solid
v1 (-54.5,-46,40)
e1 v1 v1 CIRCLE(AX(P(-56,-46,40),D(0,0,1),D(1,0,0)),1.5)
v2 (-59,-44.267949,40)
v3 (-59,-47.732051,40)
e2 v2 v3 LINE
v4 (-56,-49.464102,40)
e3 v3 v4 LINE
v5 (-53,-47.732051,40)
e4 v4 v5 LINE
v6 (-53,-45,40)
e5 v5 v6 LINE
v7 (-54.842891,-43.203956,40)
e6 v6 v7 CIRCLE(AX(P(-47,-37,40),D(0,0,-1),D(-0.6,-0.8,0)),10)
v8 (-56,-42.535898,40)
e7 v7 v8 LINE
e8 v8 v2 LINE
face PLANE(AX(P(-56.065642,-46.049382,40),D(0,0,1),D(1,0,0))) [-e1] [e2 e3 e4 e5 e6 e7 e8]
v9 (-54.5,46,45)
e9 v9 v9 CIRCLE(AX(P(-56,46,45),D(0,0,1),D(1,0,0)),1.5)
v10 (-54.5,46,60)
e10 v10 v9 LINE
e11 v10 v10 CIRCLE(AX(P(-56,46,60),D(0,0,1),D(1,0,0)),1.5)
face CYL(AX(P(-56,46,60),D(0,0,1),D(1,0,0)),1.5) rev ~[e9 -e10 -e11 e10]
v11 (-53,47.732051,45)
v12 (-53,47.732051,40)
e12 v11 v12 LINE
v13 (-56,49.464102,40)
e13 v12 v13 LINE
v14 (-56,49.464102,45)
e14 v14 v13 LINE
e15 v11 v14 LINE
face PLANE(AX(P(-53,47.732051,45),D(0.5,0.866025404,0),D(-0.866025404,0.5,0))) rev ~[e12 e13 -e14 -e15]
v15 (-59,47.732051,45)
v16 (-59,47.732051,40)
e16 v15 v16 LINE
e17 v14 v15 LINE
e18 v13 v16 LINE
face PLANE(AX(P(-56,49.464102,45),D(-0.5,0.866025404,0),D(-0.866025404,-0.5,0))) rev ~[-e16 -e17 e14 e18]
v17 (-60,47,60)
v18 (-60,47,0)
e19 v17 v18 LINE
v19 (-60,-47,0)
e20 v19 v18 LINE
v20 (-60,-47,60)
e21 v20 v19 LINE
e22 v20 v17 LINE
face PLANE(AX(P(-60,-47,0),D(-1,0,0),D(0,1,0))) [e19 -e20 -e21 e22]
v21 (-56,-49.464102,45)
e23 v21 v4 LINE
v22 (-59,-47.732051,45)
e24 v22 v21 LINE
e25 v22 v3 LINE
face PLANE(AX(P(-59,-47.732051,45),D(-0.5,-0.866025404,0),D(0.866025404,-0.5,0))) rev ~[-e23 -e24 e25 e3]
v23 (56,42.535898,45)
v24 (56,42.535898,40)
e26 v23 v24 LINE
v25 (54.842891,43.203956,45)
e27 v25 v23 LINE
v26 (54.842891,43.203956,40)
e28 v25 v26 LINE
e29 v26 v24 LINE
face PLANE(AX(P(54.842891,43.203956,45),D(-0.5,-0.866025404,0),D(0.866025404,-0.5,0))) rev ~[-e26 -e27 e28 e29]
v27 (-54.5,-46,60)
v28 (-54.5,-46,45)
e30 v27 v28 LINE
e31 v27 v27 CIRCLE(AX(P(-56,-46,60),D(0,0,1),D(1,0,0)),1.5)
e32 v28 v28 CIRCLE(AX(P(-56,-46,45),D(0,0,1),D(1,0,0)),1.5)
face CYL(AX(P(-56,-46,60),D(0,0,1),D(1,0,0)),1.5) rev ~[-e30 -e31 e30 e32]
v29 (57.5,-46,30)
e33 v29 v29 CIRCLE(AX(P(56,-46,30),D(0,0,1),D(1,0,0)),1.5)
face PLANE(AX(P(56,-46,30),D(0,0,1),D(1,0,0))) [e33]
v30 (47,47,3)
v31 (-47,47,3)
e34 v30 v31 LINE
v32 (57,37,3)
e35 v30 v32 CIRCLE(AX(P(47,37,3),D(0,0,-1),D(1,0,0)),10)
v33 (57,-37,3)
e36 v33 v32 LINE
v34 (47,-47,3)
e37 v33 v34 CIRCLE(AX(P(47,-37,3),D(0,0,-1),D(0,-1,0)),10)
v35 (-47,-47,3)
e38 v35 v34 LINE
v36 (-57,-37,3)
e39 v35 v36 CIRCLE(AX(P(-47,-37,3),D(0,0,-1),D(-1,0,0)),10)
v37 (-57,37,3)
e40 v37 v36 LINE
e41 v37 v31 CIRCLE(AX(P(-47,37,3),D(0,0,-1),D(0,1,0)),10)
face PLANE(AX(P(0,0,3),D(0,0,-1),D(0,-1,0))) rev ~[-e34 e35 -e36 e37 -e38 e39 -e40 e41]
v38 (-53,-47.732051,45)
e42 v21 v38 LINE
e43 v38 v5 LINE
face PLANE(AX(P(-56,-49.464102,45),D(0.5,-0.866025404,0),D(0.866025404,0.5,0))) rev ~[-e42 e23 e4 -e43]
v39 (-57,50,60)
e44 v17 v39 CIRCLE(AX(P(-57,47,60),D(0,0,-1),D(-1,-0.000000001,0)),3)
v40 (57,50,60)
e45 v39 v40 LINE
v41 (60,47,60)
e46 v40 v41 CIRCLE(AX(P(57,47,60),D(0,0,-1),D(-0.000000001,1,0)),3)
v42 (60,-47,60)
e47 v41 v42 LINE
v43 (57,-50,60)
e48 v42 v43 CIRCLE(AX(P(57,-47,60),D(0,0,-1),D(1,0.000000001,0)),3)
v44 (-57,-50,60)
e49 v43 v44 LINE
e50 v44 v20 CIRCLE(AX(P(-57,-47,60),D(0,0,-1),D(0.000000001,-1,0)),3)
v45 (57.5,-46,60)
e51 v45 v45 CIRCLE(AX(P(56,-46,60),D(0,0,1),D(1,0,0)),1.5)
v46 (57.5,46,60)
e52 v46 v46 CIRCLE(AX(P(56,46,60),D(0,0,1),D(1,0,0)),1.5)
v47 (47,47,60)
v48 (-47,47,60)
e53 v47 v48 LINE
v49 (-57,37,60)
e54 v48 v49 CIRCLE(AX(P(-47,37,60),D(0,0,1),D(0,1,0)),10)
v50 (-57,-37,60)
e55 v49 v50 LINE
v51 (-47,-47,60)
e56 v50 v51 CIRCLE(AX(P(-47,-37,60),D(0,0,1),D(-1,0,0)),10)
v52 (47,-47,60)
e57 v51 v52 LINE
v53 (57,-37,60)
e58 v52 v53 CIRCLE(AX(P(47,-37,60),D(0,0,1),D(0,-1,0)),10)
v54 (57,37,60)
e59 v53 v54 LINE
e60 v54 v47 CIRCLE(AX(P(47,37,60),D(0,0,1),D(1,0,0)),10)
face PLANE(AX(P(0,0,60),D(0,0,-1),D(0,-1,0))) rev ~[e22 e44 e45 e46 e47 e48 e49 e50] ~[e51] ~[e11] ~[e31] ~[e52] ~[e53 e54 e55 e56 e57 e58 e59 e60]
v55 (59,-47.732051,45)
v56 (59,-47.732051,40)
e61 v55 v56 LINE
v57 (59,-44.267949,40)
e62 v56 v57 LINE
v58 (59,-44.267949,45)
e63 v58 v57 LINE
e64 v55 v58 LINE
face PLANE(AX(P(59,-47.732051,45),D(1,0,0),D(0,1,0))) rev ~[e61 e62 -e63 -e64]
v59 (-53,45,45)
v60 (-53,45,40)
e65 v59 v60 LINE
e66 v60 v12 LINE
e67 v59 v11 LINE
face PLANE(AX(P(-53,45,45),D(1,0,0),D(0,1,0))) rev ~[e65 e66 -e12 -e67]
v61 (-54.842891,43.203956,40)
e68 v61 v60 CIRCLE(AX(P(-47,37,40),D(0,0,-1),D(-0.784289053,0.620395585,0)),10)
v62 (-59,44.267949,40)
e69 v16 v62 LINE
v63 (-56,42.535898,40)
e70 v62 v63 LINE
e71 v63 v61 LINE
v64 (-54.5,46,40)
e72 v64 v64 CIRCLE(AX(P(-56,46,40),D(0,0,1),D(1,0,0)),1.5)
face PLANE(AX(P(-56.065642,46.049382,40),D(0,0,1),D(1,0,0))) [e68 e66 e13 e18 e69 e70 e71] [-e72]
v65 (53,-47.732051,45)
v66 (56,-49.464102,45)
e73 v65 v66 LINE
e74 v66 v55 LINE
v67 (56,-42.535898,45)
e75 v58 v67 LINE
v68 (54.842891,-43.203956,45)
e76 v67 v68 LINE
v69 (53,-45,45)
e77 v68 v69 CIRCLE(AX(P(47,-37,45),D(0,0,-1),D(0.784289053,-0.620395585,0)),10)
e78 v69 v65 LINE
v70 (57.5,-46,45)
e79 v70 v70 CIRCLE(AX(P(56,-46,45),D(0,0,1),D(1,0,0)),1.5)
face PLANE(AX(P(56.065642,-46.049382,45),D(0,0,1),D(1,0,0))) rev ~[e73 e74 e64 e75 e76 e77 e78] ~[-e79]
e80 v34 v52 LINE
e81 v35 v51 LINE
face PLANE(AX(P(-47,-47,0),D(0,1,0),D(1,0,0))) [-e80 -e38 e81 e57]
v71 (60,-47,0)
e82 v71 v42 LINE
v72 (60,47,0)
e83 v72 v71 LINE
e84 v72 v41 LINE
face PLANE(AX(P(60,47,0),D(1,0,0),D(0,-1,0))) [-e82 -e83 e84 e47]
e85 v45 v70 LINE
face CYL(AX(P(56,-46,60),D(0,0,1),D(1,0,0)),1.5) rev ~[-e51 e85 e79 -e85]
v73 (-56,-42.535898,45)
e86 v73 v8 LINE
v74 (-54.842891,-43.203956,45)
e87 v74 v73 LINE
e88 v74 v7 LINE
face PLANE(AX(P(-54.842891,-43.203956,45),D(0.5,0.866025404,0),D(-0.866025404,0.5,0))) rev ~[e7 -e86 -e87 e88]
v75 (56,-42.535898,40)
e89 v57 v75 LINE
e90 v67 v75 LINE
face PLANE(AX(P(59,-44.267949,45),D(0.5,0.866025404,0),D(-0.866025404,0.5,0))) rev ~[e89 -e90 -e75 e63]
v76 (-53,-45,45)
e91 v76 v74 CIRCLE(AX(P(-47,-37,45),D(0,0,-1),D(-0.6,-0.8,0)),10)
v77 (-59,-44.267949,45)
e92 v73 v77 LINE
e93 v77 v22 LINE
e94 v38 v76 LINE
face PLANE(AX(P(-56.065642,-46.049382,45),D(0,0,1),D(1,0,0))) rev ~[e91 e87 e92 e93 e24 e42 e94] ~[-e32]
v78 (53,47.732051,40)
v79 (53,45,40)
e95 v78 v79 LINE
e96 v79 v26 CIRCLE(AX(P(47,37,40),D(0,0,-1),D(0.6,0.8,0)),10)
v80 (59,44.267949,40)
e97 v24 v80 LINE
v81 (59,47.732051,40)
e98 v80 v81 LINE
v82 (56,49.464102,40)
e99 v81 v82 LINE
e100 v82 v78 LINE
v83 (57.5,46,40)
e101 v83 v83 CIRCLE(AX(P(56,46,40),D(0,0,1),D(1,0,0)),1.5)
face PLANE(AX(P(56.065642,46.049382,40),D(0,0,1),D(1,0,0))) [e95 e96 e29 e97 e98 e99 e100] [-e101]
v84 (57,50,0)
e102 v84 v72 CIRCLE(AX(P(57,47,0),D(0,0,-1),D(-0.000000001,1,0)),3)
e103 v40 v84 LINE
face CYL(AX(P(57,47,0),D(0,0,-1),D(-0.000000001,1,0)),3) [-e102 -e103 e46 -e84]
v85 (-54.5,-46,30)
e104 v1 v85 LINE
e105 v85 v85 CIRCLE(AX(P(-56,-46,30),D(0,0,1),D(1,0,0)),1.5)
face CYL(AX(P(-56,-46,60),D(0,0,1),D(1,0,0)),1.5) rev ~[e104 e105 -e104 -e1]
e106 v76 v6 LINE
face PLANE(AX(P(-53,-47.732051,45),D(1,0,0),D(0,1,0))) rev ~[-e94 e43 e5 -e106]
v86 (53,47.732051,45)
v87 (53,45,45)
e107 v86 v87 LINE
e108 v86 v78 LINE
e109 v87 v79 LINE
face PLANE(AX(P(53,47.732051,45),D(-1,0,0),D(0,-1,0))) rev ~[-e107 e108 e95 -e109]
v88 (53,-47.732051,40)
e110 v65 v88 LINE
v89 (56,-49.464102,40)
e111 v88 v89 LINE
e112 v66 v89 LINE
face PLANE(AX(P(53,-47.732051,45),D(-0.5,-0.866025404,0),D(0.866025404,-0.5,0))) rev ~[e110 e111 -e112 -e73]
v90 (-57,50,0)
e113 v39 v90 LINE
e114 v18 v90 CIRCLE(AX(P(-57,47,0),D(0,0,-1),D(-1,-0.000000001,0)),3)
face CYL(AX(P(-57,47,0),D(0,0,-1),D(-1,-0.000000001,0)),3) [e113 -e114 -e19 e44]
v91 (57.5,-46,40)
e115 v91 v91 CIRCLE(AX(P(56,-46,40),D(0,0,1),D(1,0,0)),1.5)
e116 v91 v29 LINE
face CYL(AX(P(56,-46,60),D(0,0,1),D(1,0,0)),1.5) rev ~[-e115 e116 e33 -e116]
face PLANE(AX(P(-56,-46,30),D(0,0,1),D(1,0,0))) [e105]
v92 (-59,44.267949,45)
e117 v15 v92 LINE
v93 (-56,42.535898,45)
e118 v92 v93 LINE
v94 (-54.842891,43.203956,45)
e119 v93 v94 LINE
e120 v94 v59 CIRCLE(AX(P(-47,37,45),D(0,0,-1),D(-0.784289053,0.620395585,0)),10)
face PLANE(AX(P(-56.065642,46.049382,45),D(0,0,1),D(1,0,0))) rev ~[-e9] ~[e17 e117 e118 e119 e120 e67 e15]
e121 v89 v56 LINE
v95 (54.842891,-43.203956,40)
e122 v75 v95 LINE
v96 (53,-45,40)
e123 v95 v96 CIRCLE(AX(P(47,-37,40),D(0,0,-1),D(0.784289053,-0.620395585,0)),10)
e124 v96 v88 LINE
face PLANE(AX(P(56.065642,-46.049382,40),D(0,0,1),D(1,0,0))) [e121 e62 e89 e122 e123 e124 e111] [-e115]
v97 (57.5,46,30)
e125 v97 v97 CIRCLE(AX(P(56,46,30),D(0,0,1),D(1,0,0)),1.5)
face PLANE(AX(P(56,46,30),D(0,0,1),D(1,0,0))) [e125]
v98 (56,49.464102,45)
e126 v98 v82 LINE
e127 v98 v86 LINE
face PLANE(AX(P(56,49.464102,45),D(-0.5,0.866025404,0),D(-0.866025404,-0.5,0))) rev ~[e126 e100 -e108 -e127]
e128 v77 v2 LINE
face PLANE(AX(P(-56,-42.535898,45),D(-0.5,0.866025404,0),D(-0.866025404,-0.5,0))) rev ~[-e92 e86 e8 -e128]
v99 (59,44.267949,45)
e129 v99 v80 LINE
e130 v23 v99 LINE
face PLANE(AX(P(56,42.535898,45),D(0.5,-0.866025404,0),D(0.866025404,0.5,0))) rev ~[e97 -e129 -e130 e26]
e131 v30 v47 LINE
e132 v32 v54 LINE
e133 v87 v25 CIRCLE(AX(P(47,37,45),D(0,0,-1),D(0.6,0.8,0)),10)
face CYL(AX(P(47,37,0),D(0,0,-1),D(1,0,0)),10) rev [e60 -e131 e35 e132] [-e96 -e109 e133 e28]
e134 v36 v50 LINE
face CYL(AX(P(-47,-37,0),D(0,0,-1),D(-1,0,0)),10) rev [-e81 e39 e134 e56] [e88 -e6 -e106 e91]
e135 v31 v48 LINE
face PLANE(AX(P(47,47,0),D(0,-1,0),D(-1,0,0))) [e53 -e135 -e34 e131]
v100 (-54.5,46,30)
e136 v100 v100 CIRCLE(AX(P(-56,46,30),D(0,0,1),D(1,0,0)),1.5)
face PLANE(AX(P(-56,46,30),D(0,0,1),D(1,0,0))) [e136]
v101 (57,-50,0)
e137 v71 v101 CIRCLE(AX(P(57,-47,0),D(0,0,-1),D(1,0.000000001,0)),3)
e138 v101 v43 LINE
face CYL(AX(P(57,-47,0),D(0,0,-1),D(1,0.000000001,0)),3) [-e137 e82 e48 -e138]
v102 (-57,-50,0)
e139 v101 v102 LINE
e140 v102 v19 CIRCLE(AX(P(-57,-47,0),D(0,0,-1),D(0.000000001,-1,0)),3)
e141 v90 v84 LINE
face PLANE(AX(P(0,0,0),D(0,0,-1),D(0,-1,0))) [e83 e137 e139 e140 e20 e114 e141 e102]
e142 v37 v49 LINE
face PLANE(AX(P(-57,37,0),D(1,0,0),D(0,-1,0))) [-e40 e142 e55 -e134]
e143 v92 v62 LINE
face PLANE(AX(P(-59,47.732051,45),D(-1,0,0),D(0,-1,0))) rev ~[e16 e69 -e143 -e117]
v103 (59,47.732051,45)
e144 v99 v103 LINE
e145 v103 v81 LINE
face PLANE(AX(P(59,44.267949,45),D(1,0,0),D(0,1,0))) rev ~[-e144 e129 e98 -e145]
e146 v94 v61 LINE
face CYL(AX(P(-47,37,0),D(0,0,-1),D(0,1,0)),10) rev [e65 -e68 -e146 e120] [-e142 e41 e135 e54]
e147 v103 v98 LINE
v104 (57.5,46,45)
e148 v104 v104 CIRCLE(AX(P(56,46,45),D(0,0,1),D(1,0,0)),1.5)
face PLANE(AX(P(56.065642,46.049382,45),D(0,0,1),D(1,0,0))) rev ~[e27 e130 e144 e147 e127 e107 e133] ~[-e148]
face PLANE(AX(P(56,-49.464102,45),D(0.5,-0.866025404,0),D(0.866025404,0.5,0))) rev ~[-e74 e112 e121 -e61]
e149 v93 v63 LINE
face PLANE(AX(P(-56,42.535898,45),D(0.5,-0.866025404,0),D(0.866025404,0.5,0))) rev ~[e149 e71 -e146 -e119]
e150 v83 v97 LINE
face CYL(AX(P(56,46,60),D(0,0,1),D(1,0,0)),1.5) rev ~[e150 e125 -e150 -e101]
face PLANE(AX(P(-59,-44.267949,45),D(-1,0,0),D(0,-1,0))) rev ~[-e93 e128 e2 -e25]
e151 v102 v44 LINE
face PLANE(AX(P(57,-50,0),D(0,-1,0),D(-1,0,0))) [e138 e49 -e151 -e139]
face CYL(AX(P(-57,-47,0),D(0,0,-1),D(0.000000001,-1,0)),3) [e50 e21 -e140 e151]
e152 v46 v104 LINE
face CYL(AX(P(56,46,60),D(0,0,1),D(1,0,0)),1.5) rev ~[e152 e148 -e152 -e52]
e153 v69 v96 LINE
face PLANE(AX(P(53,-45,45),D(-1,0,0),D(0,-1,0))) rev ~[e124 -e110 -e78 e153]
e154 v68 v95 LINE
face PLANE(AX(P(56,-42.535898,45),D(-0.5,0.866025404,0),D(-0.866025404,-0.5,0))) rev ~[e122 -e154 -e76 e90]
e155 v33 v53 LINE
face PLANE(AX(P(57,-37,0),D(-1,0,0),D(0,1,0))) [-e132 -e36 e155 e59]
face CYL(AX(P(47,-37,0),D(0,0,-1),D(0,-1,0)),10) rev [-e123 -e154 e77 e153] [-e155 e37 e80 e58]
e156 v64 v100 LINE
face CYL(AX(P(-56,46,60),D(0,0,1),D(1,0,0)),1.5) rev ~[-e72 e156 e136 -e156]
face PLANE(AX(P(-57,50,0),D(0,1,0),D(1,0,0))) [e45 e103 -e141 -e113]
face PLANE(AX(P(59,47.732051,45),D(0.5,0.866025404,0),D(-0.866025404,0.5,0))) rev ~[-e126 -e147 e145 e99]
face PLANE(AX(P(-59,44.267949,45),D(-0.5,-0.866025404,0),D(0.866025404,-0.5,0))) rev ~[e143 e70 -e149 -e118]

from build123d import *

# Parameters (mm, degrees)
BOSS_EXTRUDE1_DEPTH = 3
BOSS_EXTRUDE2_DEPTH = 60
SKETCH3_R           = 1.5
CUT_EXTRUDE1_DEPTH  = 30
CUT_EXTRUDE2_START  = -15
SKETCH3_3_R         = 1.5
CUT_EXTRUDE2_DEPTH  = 5


with BuildPart() as part:
    # Sketch1 → Boss-Extrude1 (new body)
    with BuildSketch(Plane(origin=(0, 0, 0), x_dir=(0, 1, 0), z_dir=(0, 0, 1))):
        with BuildLine():
            ThreePointArc((-50, -57), (-49.121320344, -59.121320344), (-47, -60))
            Line((-47, -60), (47, -60))
            ThreePointArc((47, -60), (49.121320344, -59.121320344), (50, -57))
            Line((50, -57), (50, 57))
            ThreePointArc((50, 57), (49.121320344, 59.121320344), (47, 60))
            Line((47, 60), (-47, 60))
            ThreePointArc((-47, 60), (-49.121320344, 59.121320344), (-50, 57))
            Line((-50, 57), (-50, -57))
        make_face()
    extrude(amount=BOSS_EXTRUDE1_DEPTH)

    # Sketch1<3> → Boss-Extrude2 (add)
    with BuildSketch(Plane(origin=(0, 0, 0), x_dir=(0, 1, 0), z_dir=(0, 0, 1))):
        with BuildLine():
            ThreePointArc((-50, -57), (-49.121320344, -59.121320344), (-47, -60))
            Line((-47, -60), (47, -60))
            ThreePointArc((47, -60), (49.121320344, -59.121320344), (50, -57))
            Line((50, -57), (50, 57))
            ThreePointArc((50, 57), (49.121320344, 59.121320344), (47, 60))
            Line((47, 60), (-47, 60))
            ThreePointArc((-47, 60), (-49.121320344, 59.121320344), (-50, 57))
            Line((-50, 57), (-50, -57))
        make_face()
        with BuildLine():
            Line((-47, -47), (-47, 47))
            ThreePointArc((-47, 47), (-44.071067812, 54.071067812), (-37, 57))
            Line((-37, 57), (37, 57))
            ThreePointArc((37, 57), (44.071067812, 54.071067812), (47, 47))
            Line((47, 47), (47, -47))
            ThreePointArc((47, -47), (44.071067812, -54.071067812), (37, -57))
            Line((37, -57), (-37, -57))
            ThreePointArc((-37, -57), (-44.071067812, -54.071067812), (-47, -47))
        make_face(mode=Mode.SUBTRACT)
    extrude(amount=BOSS_EXTRUDE2_DEPTH)

    # Sketch3 → Cut-Extrude1 (cut)
    with BuildSketch(Plane.XY.offset(60)):
        with Locations((-56, 46)):
            Circle(SKETCH3_R)
        with Locations((56, 46)):
            Circle(SKETCH3_R)
        with Locations((56, -46)):
            Circle(SKETCH3_R)
        with Locations((-56, -46)):
            Circle(SKETCH3_R)
    extrude(amount=-CUT_EXTRUDE1_DEPTH, mode=Mode.SUBTRACT)

    # Sketch3<3> → Cut-Extrude2 (cut)
    # profile 1 of 4: a face of its own
    with BuildSketch(Plane.XY.offset(60).offset(CUT_EXTRUDE2_START)):
        with BuildLine():
            Line((59, 47.732050808), (56, 49.464101615))
            Line((56, 49.464101615), (53, 47.732050808))
            Line((53, 47.732050808), (53, 45))
            ThreePointArc((53, 45), (53.979459017, 44.161504858), (54.842890525, 43.203955852))
            Line((54.842890525, 43.203955852), (56, 42.535898385))
            Line((56, 42.535898385), (59, 44.267949192))
            Line((59, 44.267949192), (59, 47.732050808))
        make_face()
        with Locations((56, 46)):
            Circle(SKETCH3_3_R, mode=Mode.SUBTRACT)
    # profile 2 of 4: a face of its own
    with BuildSketch(Plane.XY.offset(60).offset(CUT_EXTRUDE2_START)):
        with BuildLine():
            Line((-53, 45), (-53, 47.732050808))
            Line((-53, 47.732050808), (-56, 49.464101615))
            Line((-56, 49.464101615), (-59, 47.732050808))
            Line((-59, 47.732050808), (-59, 44.267949192))
            Line((-59, 44.267949192), (-56, 42.535898385))
            Line((-56, 42.535898385), (-54.842890525, 43.203955852))
            ThreePointArc((-54.842890525, 43.203955852), (-53.979459017, 44.161504858), (-53, 45))
        make_face()
        with Locations((-56, 46)):
            Circle(SKETCH3_3_R, mode=Mode.SUBTRACT)
    # profile 3 of 4: a face of its own
    with BuildSketch(Plane.XY.offset(60).offset(CUT_EXTRUDE2_START)):
        with BuildLine():
            Line((59, -44.267949192), (56, -42.535898385))
            Line((56, -42.535898385), (54.842890525, -43.203955852))
            ThreePointArc((54.842890525, -43.203955852), (53.979459017, -44.161504858), (53, -45))
            Line((53, -45), (53, -47.732050808))
            Line((53, -47.732050808), (56, -49.464101615))
            Line((56, -49.464101615), (59, -47.732050808))
            Line((59, -47.732050808), (59, -44.267949192))
        make_face()
        with Locations((56, -46)):
            Circle(SKETCH3_3_R, mode=Mode.SUBTRACT)
    # profile 4 of 4: a face of its own
    with BuildSketch(Plane.XY.offset(60).offset(CUT_EXTRUDE2_START)):
        with BuildLine():
            Line((-54.842890525, -43.203955852), (-56, -42.535898385))
            Line((-56, -42.535898385), (-59, -44.267949192))
            Line((-59, -44.267949192), (-59, -47.732050808))
            Line((-59, -47.732050808), (-56, -49.464101615))
            Line((-56, -49.464101615), (-53, -47.732050808))
            Line((-53, -47.732050808), (-53, -45))
            ThreePointArc((-53, -45), (-53.979459017, -44.161504858), (-54.842890525, -43.203955852))
        make_face()
        with Locations((-56, -46)):
            Circle(SKETCH3_3_R, mode=Mode.SUBTRACT)
    extrude(amount=-CUT_EXTRUDE2_DEPTH, mode=Mode.SUBTRACT)


solid = part.part
